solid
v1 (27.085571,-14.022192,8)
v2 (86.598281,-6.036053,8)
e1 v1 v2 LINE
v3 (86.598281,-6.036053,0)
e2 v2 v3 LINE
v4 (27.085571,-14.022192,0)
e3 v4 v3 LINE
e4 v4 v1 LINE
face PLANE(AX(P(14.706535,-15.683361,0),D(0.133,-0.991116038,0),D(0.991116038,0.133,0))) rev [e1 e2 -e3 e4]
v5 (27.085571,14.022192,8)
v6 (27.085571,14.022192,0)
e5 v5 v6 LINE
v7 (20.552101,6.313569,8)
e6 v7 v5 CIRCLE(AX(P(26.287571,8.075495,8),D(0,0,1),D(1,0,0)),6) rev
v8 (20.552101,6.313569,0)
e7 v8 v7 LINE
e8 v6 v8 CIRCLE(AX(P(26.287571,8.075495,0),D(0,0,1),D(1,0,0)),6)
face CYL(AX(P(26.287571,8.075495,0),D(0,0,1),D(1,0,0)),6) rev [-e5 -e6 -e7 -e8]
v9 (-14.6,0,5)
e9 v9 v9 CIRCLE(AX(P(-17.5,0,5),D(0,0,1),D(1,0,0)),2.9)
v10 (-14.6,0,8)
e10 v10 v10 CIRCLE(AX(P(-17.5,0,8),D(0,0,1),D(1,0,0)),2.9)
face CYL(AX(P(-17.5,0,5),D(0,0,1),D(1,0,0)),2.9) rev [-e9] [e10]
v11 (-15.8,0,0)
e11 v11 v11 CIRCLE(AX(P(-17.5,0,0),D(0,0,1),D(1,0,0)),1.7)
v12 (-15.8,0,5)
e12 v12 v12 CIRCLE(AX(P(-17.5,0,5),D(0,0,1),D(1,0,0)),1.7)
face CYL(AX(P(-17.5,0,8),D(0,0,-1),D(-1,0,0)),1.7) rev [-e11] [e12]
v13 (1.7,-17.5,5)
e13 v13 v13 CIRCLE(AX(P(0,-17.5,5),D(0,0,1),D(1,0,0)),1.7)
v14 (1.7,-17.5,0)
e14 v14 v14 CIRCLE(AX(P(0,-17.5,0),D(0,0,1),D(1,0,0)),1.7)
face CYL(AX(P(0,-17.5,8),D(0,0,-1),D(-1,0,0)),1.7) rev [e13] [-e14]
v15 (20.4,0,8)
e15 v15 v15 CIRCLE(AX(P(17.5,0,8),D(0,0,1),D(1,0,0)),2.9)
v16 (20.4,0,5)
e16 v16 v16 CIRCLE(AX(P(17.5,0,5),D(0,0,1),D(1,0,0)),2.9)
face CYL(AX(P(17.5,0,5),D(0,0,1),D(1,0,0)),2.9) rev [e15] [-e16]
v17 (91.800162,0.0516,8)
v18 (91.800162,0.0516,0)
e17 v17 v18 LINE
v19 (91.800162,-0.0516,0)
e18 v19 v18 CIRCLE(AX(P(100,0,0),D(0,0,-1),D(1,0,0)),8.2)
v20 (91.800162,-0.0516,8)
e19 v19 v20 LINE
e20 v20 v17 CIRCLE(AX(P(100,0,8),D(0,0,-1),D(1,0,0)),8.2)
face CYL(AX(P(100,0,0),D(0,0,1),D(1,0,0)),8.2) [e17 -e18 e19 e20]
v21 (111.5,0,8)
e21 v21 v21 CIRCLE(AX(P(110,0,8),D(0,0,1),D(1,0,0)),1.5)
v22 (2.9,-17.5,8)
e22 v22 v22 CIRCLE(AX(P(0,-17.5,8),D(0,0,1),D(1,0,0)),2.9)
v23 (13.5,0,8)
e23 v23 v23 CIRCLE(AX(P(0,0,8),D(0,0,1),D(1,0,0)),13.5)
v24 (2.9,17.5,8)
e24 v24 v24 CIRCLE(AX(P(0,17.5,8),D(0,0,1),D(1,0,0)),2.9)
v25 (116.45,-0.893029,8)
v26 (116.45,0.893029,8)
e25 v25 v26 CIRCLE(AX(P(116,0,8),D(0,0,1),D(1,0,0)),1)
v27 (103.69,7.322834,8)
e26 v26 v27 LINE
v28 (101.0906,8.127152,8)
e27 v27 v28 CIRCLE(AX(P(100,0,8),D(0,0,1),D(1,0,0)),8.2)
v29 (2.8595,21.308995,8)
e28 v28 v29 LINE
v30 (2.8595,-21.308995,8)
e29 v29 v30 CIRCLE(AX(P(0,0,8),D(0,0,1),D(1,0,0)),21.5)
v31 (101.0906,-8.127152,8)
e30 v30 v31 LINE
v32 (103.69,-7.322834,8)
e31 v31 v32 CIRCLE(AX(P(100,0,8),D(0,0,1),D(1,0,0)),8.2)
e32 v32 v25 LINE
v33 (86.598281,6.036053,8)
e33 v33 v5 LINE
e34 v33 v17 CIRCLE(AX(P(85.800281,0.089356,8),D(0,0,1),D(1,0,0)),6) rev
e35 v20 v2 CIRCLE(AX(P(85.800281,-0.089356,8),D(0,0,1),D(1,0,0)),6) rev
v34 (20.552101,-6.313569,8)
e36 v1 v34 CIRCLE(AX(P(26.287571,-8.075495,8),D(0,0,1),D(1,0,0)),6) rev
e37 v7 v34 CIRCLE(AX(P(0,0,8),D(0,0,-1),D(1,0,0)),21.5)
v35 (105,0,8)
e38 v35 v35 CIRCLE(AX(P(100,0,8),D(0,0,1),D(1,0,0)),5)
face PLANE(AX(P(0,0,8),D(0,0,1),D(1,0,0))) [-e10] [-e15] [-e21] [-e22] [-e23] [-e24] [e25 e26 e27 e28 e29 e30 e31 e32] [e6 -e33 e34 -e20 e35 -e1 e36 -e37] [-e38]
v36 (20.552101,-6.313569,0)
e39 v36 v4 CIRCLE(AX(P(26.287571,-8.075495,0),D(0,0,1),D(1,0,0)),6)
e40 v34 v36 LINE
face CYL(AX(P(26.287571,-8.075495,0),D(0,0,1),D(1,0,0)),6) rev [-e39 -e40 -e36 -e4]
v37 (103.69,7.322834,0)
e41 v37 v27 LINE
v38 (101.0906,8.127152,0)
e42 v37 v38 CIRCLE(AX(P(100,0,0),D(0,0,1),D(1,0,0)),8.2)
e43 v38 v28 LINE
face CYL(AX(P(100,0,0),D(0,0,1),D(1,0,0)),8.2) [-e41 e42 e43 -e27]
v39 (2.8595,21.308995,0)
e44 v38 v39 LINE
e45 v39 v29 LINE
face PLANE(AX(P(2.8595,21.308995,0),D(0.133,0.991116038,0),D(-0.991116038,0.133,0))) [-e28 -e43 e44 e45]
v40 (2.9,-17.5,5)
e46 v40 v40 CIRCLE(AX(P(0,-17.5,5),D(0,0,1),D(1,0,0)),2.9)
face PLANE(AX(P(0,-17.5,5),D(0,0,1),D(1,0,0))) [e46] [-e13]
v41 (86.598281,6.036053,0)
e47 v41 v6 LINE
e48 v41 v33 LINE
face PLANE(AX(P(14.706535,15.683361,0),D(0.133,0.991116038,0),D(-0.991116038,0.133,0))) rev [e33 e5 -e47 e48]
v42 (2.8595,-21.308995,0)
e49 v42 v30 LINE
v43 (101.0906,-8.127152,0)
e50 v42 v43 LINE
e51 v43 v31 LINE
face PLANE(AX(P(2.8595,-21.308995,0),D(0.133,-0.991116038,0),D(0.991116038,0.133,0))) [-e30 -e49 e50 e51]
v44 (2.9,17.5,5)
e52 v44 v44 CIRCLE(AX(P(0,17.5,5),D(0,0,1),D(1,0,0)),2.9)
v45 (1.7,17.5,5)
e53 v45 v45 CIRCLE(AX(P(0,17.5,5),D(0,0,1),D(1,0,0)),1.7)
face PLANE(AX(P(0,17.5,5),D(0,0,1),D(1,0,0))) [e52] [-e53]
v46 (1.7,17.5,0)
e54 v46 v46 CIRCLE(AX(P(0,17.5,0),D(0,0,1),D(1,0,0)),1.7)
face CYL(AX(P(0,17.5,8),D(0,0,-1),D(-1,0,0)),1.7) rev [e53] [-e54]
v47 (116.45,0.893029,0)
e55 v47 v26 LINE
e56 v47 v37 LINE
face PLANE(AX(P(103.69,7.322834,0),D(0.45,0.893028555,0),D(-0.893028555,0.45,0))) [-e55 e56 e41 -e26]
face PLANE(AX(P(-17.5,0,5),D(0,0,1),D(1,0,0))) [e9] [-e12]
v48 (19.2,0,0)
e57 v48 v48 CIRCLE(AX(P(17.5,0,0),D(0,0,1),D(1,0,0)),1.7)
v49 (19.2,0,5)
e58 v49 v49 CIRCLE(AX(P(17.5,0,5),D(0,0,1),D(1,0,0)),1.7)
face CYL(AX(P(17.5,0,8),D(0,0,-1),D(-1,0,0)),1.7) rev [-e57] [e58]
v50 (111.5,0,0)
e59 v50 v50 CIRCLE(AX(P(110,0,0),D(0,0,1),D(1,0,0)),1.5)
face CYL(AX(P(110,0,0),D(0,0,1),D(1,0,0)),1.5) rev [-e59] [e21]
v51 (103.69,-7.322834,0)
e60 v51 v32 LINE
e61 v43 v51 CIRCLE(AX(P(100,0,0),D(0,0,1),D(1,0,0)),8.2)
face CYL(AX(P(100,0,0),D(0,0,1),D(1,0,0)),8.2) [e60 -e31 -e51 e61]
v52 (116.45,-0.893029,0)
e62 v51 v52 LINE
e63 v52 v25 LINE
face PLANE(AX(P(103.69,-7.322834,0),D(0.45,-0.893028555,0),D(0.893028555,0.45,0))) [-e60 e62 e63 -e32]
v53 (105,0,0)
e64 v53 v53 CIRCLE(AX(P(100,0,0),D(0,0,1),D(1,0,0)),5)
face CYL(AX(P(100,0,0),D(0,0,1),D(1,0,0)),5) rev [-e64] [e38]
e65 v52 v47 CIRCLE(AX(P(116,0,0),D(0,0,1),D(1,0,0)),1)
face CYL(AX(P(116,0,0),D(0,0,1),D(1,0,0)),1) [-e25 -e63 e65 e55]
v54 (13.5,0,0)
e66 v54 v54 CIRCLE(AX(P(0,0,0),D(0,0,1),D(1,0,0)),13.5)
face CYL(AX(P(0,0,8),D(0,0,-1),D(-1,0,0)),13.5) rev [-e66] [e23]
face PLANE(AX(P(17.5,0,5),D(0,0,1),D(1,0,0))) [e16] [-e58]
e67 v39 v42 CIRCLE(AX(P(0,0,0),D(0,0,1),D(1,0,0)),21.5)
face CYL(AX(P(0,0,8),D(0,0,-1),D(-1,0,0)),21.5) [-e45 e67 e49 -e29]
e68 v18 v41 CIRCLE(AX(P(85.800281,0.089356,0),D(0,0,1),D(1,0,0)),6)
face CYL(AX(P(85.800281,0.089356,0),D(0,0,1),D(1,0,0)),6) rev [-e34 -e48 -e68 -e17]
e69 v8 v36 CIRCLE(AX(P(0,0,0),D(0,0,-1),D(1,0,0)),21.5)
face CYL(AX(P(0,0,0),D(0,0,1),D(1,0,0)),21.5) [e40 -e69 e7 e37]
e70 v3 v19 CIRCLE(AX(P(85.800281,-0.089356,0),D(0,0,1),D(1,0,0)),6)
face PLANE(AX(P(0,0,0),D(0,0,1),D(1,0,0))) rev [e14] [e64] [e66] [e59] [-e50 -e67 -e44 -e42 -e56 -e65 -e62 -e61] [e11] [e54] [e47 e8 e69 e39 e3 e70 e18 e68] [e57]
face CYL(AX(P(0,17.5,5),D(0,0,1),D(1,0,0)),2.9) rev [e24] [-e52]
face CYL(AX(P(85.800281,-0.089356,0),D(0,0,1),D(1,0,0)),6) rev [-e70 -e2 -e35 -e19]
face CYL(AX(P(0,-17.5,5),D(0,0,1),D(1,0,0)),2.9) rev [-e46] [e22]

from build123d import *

# Parameters (mm, degrees)
ESQUISSE1_R             = 21.5
ESQUISSE1_R_2           = 1.7
ESQUISSE1_R_3           = 13.5
BOSS_EXTRU_1_DEPTH      = 8
BOSS_EXTRU_2_START      = -8
ESQUISSE2_R             = 5
BOSS_EXTRU_2_DEPTH      = 8
ENL_V_MAT_EXTRU_1_DEPTH = 111.605108381
CONG_1_R                = 6
ESQUISSE4_R             = 1.5
BOSS_EXTRU_3_DEPTH      = 8
ESQUISSE5_R             = 2.9
ENL_V_MAT_EXTRU_2_DEPTH = 3


with BuildPart() as part:
    # Esquisse1 → Boss.-Extru.1 (new body)
    with BuildSketch(Plane.XY):
        Circle(ESQUISSE1_R)
        with Locations((0, 17.5)):
            Circle(ESQUISSE1_R_2, mode=Mode.SUBTRACT)
        with Locations((17.5, 0)):
            Circle(ESQUISSE1_R_2, mode=Mode.SUBTRACT)
        with Locations((0, -17.5)):
            Circle(ESQUISSE1_R_2, mode=Mode.SUBTRACT)
        with Locations((-17.5, 0)):
            Circle(ESQUISSE1_R_2, mode=Mode.SUBTRACT)
        Circle(ESQUISSE1_R_3, mode=Mode.SUBTRACT)
    extrude(amount=BOSS_EXTRU_1_DEPTH)

    # Esquisse2 → Boss.-Extru.2 (add)
    with BuildSketch(Plane.XY.offset(8).offset(BOSS_EXTRU_2_START)):
        with BuildLine():
            Line((2.8595, 21.308994809), (101.0906, 8.127151508))
            ThreePointArc((101.0906, 8.127151508), (108.2, 0), (101.0906, -8.127151508))
            Line((101.0906, -8.127151508), (2.8595, -21.308994809))
            ThreePointArc((2.8595, -21.308994809), (21.5, 0), (2.8595, 21.308994809))
        make_face()
        with Locations((100, 0)):
            Circle(ESQUISSE2_R, mode=Mode.SUBTRACT)
    extrude(amount=BOSS_EXTRU_2_DEPTH)

    # Esquisse3 → Enlèv. mat.-Extru.1 (cut, through all)
    with BuildSketch(Plane.XY.offset(8)):
        with BuildLine():
            Line((14.706535342, 15.683361191), (93.578440575, 5.099370015))
            ThreePointArc((93.578440575, 5.099370015), (91.8, 0), (93.578440575, -5.099370015))
            Line((93.578440575, -5.099370015), (14.706535342, -15.683361191))
            ThreePointArc((14.706535342, -15.683361191), (21.5, 0), (14.706535342, 15.683361191))
        make_face()
    extrude(amount=-ENL_V_MAT_EXTRU_1_DEPTH, mode=Mode.SUBTRACT)

    # Congé1
    cong_1_edges = [part.edges().sort_by_distance(p)[0] for p in [
        (14.706535342, -15.683361191, 4),
        (14.706535342, 15.683361191, 4),
        (93.578440575, 5.099370015, 4),
        (93.578440575, -5.099370015, 4),
    ]]
    fillet(cong_1_edges, radius=CONG_1_R)

    # Esquisse4 → Boss.-Extru.3 (add)
    with BuildSketch(Plane.XY.offset(8)):
        with BuildLine():
            Line((103.69, 7.322834151), (116.45, 0.893028555))
            ThreePointArc((116.45, 0.893028555), (117, 0), (116.45, -0.893028555))
            Line((116.45, -0.893028555), (103.69, -7.322834151))
            ThreePointArc((103.69, -7.322834151), (108.2, 0), (103.69, 7.322834151))
        make_face()
        with Locations((110, 0)):
            Circle(ESQUISSE4_R, mode=Mode.SUBTRACT)
    extrude(amount=-BOSS_EXTRU_3_DEPTH)

    # Esquisse5 → Enlèv. mat.-Extru.2 (cut)
    with BuildSketch(Plane.XY.offset(8)):
        with Locations((0, 17.5)):
            Circle(ESQUISSE5_R)
        with Locations((17.5, 0)):
            Circle(ESQUISSE5_R)
        with Locations((0, -17.5)):
            Circle(ESQUISSE5_R)
        with Locations((-17.5, 0)):
            Circle(ESQUISSE5_R)
    extrude(amount=-ENL_V_MAT_EXTRU_2_DEPTH, mode=Mode.SUBTRACT)


solid = part.part
